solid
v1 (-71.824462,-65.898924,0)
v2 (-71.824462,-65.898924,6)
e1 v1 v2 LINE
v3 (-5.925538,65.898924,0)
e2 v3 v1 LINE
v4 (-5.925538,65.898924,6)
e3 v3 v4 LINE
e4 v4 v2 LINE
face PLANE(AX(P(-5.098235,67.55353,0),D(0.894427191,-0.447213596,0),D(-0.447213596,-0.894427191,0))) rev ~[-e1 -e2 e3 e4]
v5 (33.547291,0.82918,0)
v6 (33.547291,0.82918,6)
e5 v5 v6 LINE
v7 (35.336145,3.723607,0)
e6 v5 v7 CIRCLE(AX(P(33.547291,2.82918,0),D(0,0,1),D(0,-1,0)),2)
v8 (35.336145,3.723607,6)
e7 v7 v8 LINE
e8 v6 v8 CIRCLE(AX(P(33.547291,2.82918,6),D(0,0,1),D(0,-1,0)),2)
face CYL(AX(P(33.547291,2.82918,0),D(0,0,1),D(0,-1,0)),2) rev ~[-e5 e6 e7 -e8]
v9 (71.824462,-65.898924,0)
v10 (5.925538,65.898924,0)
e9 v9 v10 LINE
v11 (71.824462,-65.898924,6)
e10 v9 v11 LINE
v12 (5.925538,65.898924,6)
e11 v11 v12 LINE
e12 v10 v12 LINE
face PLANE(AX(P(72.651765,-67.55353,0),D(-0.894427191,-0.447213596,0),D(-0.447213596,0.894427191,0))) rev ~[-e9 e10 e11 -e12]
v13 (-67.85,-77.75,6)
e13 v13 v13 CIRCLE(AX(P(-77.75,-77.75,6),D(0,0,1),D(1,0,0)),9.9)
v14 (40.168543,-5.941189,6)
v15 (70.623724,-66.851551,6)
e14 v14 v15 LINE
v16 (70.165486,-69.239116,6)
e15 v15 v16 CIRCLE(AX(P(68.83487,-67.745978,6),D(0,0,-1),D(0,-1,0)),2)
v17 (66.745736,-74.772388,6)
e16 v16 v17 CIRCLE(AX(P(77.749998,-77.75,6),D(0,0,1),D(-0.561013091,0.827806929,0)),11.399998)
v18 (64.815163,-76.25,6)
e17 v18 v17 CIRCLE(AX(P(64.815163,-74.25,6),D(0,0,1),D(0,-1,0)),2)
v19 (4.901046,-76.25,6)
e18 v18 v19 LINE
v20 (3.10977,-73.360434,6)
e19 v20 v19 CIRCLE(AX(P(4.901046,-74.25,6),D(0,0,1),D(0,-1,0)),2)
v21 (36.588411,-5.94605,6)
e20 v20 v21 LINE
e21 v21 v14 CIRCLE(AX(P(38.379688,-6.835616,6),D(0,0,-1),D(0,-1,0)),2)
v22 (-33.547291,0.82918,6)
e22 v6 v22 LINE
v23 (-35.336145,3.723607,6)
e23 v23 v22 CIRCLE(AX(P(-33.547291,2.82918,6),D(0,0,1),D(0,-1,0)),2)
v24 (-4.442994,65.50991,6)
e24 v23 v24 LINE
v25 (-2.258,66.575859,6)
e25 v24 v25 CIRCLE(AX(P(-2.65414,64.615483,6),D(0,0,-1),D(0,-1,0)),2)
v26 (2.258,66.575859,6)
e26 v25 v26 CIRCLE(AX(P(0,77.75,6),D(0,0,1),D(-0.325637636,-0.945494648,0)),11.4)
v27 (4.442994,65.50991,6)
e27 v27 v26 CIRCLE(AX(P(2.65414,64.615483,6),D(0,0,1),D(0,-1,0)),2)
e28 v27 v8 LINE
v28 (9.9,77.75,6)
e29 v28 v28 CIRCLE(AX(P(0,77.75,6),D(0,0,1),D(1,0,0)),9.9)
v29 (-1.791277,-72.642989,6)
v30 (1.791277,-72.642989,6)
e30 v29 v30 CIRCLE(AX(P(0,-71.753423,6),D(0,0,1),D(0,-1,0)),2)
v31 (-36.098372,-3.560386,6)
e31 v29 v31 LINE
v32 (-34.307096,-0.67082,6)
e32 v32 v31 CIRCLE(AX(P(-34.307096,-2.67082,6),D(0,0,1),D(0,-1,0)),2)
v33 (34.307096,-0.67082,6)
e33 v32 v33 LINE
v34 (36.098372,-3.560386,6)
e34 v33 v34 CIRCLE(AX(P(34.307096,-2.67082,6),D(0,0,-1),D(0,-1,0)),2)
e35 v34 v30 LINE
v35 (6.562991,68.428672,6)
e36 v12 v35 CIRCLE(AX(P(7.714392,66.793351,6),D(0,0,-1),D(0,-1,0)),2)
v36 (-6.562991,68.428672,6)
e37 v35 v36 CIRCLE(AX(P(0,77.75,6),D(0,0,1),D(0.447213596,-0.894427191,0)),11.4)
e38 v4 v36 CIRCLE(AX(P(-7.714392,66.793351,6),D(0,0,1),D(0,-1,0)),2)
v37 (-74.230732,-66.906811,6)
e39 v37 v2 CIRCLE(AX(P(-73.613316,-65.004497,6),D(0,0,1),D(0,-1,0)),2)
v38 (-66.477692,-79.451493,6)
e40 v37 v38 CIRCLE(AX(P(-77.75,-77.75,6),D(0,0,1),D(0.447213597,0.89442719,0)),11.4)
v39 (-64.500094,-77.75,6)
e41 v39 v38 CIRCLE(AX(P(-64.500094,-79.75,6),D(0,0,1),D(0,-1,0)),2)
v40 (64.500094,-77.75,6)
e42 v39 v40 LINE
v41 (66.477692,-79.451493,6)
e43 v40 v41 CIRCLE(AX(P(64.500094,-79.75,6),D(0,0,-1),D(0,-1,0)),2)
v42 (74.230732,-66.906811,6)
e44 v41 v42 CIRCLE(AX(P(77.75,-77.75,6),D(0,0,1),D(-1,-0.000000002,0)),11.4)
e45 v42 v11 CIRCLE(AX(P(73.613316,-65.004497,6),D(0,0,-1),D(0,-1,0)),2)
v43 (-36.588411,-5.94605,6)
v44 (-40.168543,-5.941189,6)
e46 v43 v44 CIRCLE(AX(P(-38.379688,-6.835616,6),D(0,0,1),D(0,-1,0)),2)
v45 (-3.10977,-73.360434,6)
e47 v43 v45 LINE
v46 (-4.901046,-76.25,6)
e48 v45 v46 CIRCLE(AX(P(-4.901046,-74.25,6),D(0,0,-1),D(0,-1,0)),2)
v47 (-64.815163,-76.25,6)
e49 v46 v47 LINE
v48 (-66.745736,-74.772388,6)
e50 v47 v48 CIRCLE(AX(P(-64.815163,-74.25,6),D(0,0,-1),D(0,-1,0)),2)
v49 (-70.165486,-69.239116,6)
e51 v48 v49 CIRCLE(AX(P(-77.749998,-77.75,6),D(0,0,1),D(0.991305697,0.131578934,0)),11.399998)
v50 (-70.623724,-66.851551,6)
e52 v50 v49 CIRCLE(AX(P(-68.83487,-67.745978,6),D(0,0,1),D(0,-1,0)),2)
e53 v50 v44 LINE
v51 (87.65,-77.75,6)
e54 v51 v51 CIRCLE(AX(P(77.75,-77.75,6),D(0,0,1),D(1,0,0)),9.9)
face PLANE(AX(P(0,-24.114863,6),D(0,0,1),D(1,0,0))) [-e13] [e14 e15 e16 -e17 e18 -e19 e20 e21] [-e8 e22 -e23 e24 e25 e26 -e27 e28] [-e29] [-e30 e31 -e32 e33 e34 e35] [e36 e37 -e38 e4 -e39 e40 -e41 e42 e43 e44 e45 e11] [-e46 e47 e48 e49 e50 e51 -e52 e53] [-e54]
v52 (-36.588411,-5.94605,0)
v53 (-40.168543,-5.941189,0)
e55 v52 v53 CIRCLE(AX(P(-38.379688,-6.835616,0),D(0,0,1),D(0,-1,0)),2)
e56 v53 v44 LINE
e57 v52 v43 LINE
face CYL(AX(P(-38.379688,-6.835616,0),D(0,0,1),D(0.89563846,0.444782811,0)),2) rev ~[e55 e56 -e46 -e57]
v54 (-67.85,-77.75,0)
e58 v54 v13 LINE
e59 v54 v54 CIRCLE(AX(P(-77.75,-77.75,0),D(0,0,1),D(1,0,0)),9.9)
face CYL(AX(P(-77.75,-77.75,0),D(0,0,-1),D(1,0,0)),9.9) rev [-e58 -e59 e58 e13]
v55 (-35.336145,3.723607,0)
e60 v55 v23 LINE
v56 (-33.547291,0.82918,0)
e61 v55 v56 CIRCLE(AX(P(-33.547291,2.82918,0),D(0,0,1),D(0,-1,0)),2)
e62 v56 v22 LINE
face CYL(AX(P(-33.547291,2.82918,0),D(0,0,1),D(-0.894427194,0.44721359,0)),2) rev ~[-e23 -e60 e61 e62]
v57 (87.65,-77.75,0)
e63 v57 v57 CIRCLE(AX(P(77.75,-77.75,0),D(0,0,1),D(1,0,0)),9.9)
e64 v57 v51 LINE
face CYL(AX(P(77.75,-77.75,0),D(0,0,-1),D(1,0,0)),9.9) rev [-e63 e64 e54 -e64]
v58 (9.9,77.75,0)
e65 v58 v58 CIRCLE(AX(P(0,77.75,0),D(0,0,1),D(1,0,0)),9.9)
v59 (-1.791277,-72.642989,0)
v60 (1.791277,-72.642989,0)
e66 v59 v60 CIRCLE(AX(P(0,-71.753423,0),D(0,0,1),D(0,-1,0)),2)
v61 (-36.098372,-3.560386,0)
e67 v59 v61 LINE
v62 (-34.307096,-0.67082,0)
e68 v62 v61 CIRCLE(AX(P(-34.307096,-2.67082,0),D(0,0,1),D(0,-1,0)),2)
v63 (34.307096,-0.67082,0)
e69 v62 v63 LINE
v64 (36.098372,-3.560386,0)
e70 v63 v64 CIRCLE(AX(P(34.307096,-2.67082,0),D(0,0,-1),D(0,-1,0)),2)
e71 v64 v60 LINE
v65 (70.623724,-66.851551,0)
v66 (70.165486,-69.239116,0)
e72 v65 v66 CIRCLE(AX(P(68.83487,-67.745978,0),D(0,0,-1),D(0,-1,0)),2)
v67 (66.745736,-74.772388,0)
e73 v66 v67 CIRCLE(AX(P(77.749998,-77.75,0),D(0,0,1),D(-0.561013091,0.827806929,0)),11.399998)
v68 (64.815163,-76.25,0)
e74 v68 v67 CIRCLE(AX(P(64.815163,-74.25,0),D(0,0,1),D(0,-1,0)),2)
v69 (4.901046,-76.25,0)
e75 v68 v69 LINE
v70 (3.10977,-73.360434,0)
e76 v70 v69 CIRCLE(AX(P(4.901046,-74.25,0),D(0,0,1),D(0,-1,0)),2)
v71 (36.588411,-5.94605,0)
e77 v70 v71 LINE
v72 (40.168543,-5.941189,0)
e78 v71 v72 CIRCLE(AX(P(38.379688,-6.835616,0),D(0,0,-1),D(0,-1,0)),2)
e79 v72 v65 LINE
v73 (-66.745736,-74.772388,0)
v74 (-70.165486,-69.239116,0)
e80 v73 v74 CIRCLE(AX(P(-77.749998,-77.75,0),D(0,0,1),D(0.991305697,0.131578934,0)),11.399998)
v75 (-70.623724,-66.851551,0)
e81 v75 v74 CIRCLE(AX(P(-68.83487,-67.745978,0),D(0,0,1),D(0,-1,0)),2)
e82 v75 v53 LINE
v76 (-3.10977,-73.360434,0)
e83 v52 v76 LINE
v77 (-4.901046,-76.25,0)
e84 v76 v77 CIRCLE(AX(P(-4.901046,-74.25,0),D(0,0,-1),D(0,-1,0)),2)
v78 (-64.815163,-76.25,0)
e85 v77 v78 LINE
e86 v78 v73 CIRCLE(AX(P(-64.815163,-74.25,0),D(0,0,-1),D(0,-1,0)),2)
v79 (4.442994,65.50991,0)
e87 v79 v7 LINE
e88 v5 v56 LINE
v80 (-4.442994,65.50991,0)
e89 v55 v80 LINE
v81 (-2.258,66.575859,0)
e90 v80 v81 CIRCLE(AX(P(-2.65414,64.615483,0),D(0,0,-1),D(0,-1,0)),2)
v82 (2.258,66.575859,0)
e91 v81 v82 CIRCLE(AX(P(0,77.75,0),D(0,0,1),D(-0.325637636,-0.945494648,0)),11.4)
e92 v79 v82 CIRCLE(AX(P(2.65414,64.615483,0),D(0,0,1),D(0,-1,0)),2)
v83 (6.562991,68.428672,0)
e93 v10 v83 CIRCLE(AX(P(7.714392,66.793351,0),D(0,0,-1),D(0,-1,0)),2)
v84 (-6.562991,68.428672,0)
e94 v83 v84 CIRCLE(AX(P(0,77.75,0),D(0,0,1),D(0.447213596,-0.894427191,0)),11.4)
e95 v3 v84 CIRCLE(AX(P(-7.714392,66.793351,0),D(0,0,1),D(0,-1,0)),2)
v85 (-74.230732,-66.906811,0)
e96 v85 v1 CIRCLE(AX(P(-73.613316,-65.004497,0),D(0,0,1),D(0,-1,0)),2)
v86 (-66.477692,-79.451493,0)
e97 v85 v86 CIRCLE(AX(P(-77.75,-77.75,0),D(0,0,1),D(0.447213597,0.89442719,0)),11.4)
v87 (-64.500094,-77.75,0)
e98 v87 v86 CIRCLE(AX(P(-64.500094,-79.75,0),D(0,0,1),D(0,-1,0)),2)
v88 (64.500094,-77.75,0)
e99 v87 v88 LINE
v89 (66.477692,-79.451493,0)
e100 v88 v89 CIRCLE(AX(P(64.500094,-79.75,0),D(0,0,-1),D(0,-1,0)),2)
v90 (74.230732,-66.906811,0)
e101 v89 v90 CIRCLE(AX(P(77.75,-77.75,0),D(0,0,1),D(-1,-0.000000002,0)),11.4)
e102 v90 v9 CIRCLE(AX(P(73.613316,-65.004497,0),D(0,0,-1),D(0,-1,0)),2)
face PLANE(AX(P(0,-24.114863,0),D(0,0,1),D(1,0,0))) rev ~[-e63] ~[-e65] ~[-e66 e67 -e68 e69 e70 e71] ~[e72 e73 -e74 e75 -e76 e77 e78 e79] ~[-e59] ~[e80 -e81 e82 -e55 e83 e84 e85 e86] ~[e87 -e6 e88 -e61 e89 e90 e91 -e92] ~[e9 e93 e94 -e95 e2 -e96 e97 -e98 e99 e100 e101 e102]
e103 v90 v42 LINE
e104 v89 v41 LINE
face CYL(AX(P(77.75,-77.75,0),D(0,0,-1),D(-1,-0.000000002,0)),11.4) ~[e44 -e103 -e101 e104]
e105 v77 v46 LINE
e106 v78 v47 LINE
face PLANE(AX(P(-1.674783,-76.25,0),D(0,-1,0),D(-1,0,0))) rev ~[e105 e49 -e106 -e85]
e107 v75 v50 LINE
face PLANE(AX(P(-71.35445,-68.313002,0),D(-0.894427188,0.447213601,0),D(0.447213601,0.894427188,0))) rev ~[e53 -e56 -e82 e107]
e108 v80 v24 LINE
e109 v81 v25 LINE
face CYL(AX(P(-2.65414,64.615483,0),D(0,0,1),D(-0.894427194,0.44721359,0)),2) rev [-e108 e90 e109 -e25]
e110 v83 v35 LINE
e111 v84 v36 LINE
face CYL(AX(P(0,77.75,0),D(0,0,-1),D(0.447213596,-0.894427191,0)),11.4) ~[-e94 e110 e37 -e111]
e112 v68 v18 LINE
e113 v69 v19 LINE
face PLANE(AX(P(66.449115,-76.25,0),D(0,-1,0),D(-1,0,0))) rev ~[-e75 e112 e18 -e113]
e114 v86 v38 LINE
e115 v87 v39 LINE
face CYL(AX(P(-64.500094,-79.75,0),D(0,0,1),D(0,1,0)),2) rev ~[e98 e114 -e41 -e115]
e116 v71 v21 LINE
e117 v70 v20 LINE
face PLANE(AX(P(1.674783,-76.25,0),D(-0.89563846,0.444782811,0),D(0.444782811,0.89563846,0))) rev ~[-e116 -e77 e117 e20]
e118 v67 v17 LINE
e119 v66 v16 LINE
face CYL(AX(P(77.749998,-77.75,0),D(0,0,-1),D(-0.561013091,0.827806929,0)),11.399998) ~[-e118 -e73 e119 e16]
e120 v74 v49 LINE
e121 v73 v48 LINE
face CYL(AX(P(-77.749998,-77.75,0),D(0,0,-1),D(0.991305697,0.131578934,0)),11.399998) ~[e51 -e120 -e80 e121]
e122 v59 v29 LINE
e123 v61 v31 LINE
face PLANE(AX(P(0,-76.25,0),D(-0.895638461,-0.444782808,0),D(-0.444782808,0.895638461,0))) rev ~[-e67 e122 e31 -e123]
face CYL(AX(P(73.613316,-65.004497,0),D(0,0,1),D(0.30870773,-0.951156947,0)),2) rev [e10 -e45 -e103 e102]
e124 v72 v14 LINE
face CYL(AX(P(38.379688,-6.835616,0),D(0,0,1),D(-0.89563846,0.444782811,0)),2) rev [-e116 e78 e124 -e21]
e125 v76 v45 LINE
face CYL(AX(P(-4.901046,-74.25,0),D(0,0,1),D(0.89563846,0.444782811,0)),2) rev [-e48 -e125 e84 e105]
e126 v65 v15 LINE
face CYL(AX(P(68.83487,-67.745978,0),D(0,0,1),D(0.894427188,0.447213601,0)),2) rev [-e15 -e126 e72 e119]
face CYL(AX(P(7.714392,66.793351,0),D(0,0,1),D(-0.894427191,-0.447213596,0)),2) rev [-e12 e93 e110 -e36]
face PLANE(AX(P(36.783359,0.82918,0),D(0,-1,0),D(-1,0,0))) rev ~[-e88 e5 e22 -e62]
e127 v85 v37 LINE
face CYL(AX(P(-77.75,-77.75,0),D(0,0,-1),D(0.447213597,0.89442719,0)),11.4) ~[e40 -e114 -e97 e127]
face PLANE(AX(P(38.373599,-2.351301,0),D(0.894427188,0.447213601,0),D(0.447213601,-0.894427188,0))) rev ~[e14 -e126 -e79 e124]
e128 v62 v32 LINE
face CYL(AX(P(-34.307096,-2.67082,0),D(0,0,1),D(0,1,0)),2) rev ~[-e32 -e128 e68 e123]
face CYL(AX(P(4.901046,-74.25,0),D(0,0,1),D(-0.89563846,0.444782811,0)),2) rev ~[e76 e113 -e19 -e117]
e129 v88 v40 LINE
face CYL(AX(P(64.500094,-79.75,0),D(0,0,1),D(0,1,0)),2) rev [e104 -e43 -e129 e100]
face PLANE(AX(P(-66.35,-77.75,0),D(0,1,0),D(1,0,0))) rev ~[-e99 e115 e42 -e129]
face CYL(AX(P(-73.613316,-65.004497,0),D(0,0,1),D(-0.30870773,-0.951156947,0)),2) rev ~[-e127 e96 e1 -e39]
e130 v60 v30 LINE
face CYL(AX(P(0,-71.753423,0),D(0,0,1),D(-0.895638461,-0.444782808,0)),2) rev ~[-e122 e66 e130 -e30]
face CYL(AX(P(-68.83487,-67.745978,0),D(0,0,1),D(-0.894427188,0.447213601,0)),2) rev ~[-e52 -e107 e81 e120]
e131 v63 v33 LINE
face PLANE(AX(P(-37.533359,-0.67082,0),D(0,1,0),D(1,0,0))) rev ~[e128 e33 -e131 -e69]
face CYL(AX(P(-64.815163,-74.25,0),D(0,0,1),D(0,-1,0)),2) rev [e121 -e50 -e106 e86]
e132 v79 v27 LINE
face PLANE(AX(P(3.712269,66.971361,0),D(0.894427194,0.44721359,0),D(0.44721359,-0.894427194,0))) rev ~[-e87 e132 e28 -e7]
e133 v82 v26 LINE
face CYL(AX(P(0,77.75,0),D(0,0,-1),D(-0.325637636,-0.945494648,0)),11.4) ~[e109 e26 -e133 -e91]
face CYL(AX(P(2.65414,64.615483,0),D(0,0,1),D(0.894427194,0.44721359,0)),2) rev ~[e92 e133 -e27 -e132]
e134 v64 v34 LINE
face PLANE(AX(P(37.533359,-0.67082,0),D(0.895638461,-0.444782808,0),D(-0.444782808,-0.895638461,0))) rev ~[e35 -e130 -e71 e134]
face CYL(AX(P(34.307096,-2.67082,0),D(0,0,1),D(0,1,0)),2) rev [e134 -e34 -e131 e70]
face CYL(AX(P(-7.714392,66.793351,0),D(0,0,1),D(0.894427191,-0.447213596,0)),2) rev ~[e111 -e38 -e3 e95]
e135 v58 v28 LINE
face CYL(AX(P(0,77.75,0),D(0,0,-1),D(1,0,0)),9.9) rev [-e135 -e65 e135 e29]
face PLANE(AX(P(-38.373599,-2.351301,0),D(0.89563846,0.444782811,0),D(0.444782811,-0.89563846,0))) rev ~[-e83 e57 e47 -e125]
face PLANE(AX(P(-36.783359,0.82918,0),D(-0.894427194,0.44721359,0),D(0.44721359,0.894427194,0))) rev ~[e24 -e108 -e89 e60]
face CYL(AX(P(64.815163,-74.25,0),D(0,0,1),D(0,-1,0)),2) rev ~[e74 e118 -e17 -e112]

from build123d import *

# Parameters (mm, degrees)
F0_R     = 9.9
F1_DEPTH = 6
F2_R     = 2


with BuildPart() as f1:
    # F0 (on Top) → F1 (new body)
    with BuildSketch(Plane.XY):
        with BuildLine():
            Line((-66.35, -77.75), (66.35, -77.75))
            ThreePointArc((66.35, -77.75), (87.447419, -83.743335), (72.651765, -67.55353))
            Line((72.651765, -67.55353), (5.098235, 67.55353))
            ThreePointArc((5.098235, 67.55353), (0, 89.15), (-5.098235, 67.55353))
            Line((-5.098235, 67.55353), (-72.651765, -67.55353))
            ThreePointArc((-72.651765, -67.55353), (-87.447419, -83.743335), (-66.35, -77.75))
        make_face()
        with Locations((-77.75, -77.75)):
            Circle(F0_R, mode=Mode.SUBTRACT)
        with BuildLine():
            Line((-1.674783, -76.25), (-66.449115, -76.25))
            ThreePointArc((-66.449115, -76.25), (-68.052581, -71.756665), (-71.35445, -68.313002))
            Line((-71.35445, -68.313002), (-38.373599, -2.351301))
            Line((-38.373599, -2.351301), (-1.674783, -76.25))
        make_face(mode=Mode.SUBTRACT)
        with Locations((77.75, -77.75)):
            Circle(F0_R, mode=Mode.SUBTRACT)
        Polygon((37.533359, -0.67082), (0, -76.25), (-37.533359, -0.67082), align=None, mode=Mode.SUBTRACT)
        with BuildLine():
            Line((38.373599, -2.351301), (71.35445, -68.313002))
            ThreePointArc((71.35445, -68.313002), (68.052581, -71.756665), (66.449115, -76.25))
            Line((66.449115, -76.25), (1.674783, -76.25))
            Line((1.674783, -76.25), (38.373599, -2.351301))
        make_face(mode=Mode.SUBTRACT)
        with Locations((0, 77.75)):
            Circle(F0_R, mode=Mode.SUBTRACT)
        with BuildLine():
            ThreePointArc((-3.712269, 66.971361), (0, 66.35), (3.712269, 66.971361))
            Line((3.712269, 66.971361), (36.783359, 0.82918))
            Line((36.783359, 0.82918), (-36.783359, 0.82918))
            Line((-36.783359, 0.82918), (-3.712269, 66.971361))
        make_face(mode=Mode.SUBTRACT)
    extrude(amount=F1_DEPTH)

    # F2
    f2_edges = [f1.edges().sort_by_distance(p)[0] for p in [
        (-37.533359, -0.67082, 3),
        (-3.712269, 66.971361, 3),
        (5.098235, 67.55353, 3),
        (3.712269, 66.971361, 3),
        (-5.098235, 67.55353, 3),
        (38.373599, -2.351301, 3),
        (37.533359, -0.67082, 3),
        (36.783359, 0.82918, 3),
        (1.674783, -76.25, 3),
        (0, -76.25, 3),
        (-1.674783, -76.25, 3),
        (71.35445, -68.313002, 3),
        (66.449115, -76.25, 3),
        (66.35, -77.75, 3),
        (72.651765, -67.55353, 3),
        (-66.35, -77.75, 3),
        (-72.651765, -67.55353, 3),
        (-66.449115, -76.25, 3),
        (-71.35445, -68.313002, 3),
        (-36.783359, 0.82918, 3),
        (-38.373599, -2.351301, 3),
    ]]
    fillet(f2_edges, radius=F2_R)


solid = f1.part
